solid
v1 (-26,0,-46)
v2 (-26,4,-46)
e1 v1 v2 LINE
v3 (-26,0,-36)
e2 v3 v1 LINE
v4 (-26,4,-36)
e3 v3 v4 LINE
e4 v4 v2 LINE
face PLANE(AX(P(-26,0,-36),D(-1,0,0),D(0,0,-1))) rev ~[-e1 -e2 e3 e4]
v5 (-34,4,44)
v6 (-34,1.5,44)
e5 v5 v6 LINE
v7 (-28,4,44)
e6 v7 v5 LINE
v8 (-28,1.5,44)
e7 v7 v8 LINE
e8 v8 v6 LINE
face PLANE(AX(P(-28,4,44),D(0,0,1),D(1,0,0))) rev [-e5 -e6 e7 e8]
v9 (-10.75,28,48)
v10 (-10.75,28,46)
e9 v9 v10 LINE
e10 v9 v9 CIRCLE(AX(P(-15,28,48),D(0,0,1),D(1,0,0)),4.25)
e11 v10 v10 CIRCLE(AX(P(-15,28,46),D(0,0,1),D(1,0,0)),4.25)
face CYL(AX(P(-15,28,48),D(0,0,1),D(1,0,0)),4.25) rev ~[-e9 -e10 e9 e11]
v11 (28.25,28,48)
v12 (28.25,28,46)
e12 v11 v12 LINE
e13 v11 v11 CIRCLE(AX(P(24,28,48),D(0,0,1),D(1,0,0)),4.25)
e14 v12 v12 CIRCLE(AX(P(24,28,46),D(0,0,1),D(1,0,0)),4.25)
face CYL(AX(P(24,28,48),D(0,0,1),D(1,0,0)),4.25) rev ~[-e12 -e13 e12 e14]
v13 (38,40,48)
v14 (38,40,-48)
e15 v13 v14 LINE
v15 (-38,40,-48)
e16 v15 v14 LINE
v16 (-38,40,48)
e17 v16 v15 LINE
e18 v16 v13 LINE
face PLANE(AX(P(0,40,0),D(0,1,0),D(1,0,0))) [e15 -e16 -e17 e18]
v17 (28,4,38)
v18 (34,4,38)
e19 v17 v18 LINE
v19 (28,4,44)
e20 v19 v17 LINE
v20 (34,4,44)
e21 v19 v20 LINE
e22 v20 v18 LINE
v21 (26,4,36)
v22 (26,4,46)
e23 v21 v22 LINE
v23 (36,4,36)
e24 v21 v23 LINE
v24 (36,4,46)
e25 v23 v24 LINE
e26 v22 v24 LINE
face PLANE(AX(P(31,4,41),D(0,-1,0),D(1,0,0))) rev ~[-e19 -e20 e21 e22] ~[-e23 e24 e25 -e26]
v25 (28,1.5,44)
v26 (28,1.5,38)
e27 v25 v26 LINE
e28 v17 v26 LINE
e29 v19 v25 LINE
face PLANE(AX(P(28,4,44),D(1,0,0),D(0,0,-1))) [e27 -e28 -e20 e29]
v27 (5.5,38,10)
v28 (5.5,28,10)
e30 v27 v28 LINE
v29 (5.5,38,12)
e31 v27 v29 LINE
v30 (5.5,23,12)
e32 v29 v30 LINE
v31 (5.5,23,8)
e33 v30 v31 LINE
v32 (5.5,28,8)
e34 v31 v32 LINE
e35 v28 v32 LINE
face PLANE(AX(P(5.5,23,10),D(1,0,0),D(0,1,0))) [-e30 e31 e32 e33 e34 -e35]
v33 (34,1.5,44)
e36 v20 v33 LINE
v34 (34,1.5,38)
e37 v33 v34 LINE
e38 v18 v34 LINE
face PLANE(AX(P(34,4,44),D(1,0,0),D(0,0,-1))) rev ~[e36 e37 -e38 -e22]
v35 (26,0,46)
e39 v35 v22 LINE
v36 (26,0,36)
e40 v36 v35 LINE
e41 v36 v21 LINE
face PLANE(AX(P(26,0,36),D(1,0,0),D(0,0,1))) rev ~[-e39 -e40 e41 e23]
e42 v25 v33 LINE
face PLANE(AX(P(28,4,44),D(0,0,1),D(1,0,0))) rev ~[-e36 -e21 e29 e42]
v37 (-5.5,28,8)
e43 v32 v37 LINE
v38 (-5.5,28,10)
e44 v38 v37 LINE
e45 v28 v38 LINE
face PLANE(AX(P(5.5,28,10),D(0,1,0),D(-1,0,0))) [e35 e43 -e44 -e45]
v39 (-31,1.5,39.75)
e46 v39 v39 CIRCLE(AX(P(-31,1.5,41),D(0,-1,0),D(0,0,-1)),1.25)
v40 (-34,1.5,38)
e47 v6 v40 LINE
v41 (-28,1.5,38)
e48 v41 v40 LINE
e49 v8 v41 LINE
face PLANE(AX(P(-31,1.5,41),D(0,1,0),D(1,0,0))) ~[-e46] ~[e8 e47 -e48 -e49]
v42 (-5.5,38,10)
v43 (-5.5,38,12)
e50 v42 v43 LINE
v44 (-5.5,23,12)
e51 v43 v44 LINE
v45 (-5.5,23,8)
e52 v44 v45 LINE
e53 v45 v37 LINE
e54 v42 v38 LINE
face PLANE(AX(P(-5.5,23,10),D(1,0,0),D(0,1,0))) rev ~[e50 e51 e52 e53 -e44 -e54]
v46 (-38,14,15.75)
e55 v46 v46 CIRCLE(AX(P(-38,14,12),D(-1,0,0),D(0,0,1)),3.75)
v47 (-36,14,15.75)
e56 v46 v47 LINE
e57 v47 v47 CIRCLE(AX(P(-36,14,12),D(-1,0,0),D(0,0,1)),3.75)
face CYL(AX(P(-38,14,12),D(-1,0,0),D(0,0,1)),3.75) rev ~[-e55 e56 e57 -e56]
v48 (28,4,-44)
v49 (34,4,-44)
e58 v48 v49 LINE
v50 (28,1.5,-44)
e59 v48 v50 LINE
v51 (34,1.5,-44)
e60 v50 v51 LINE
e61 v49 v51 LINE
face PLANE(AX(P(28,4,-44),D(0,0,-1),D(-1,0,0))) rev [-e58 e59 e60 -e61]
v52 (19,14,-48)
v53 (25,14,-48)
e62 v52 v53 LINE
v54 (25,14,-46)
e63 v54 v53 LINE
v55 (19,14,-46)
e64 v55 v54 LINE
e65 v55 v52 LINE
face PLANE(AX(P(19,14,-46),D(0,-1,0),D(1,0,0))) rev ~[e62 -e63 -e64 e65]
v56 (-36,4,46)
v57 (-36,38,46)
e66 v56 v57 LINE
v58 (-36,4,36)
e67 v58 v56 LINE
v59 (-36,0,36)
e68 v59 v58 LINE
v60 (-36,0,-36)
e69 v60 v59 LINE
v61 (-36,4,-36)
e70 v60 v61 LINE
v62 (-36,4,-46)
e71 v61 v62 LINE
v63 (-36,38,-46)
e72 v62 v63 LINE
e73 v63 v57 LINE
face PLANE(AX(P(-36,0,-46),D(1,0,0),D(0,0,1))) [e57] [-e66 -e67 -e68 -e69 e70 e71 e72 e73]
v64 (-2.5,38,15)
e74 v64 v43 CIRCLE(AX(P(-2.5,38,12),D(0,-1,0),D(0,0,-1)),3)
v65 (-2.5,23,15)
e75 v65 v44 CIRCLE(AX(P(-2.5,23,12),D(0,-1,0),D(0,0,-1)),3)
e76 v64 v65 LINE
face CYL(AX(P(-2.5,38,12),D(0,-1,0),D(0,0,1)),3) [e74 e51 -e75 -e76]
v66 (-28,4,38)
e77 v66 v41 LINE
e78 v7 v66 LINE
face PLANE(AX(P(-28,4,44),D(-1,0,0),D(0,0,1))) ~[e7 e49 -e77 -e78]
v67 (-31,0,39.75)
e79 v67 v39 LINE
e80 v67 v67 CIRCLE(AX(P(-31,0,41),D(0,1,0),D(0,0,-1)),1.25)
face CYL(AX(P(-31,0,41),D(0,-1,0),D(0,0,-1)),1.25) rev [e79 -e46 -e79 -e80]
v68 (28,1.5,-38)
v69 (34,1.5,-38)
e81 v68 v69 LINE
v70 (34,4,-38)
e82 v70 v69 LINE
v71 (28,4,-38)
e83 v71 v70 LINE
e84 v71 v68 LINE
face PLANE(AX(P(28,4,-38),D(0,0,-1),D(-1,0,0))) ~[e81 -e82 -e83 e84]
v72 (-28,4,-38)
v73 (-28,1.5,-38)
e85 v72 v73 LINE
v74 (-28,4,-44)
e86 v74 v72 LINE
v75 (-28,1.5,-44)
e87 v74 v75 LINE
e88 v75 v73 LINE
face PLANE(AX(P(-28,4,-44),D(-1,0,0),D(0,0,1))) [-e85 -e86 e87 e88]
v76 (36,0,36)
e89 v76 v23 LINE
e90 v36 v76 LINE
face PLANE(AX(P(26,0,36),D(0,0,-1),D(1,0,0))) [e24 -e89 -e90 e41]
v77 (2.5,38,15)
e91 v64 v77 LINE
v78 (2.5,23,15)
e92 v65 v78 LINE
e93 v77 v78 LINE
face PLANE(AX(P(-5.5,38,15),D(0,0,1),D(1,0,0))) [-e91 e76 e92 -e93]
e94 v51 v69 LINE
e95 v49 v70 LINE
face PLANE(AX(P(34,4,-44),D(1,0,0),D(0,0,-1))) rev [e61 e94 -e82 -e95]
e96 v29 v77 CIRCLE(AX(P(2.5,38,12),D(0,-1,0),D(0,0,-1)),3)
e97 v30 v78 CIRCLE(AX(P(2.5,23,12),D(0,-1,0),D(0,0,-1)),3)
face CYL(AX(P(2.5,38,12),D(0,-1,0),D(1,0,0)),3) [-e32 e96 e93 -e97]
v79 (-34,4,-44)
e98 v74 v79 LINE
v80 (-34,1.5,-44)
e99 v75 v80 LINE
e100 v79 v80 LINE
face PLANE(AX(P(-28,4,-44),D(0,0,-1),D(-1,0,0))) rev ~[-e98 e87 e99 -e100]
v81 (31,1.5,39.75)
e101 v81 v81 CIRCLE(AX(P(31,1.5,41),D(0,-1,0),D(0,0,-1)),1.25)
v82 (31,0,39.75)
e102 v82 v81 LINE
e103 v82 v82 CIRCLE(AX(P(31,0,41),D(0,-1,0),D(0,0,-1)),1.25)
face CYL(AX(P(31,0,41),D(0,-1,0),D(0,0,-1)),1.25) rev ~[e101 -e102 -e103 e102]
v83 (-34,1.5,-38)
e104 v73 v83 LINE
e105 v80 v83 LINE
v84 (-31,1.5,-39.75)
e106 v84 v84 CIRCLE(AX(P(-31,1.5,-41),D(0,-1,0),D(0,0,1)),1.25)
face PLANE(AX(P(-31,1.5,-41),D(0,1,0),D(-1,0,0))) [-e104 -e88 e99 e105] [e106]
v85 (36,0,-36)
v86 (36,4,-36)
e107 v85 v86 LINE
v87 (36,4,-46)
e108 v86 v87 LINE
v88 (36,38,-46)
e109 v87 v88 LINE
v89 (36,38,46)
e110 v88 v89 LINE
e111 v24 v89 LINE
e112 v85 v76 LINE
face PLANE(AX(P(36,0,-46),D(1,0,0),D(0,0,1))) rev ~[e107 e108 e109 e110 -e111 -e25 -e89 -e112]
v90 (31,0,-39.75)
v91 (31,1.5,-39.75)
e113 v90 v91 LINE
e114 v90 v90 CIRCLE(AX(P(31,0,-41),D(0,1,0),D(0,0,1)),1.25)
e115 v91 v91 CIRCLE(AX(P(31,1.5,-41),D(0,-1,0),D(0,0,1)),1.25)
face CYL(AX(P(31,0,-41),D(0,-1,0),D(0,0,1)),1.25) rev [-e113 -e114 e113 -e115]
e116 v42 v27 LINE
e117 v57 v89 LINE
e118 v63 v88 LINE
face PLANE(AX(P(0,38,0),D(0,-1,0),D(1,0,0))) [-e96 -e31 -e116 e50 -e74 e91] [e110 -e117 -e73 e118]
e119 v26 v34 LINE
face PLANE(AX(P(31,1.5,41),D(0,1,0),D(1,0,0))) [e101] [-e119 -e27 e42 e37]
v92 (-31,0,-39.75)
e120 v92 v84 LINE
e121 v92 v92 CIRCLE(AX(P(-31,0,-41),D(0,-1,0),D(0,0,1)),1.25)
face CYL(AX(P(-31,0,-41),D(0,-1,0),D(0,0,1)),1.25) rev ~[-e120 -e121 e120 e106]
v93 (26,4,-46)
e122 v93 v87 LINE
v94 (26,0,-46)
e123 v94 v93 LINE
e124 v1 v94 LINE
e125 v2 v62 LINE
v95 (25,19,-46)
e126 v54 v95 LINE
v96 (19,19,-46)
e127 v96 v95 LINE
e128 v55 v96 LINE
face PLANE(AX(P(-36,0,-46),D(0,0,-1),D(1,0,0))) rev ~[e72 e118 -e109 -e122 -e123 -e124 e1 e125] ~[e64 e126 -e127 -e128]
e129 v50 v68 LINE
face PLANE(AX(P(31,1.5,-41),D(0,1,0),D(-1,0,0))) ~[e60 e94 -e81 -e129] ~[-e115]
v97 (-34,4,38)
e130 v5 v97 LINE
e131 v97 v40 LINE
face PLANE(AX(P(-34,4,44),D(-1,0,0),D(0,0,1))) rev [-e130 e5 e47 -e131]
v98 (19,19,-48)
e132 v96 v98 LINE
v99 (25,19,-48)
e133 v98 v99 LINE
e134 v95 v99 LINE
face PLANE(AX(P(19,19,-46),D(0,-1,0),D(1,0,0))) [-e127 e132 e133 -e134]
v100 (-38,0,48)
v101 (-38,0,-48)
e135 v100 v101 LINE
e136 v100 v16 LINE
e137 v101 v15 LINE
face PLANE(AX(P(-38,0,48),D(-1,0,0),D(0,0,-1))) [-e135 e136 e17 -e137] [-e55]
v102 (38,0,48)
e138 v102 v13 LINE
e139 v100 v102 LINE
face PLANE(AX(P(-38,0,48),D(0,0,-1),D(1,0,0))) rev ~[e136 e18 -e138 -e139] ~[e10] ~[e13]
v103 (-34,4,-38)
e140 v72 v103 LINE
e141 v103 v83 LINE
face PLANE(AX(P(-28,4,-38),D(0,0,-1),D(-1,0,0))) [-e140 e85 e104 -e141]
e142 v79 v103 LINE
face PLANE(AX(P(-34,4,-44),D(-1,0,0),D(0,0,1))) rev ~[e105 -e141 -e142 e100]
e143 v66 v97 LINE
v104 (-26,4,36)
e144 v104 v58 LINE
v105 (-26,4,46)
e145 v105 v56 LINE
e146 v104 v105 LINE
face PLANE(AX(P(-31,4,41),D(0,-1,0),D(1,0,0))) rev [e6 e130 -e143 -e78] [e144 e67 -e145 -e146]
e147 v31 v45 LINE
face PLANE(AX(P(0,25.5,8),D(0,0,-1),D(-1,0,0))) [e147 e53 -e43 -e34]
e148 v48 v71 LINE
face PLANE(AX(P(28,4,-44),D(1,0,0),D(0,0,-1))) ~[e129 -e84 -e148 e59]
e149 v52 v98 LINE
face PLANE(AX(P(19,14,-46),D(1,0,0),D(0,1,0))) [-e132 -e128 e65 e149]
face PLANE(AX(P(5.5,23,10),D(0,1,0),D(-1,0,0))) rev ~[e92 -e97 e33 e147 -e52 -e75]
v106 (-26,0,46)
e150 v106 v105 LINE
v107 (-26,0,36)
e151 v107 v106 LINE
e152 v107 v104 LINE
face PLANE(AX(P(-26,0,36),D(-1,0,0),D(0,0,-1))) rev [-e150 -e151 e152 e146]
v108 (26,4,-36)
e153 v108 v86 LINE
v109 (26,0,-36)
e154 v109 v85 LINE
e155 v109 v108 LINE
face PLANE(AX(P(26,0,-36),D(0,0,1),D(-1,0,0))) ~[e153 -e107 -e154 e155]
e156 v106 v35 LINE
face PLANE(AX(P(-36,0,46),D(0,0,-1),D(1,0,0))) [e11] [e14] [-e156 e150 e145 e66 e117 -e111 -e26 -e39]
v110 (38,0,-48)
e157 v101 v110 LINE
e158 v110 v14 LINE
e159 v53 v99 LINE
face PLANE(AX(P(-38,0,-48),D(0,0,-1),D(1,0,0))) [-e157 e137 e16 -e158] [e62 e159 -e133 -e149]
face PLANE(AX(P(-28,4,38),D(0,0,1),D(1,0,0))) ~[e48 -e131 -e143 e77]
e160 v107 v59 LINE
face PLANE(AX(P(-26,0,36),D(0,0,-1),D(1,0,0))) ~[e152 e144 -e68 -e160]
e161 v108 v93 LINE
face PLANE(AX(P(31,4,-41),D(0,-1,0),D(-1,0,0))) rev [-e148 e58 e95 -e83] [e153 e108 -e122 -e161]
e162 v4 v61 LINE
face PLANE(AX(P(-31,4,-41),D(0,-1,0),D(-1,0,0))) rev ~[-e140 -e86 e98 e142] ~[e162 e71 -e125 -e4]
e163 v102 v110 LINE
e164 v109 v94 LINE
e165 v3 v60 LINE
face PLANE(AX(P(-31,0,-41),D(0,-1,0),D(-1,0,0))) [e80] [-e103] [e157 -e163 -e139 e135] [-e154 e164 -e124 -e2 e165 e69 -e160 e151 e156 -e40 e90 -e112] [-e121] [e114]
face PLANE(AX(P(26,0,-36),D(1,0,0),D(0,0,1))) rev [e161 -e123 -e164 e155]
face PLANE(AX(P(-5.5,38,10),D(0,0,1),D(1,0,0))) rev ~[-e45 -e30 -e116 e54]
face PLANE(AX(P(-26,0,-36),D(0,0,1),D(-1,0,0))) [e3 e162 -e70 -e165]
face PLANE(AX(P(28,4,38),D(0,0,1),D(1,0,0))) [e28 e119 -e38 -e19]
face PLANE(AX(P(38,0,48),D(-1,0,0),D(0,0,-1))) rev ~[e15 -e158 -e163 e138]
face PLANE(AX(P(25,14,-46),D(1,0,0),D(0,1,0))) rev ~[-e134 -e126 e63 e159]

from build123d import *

# Parameters (mm, degrees)
SKETCH1_W               = 76
SKETCH1_H               = 96
BOSS_EXTRUDE1_DEPTH     = 40
SKETCH2_W               = 72
SKETCH2_H               = 92
CUT_EXTRUDE3_DEPTH      = 38
CUT_EXTRUDE4_REACH      = 112.725
SKETCH7_R               = 4.25
SKETCH10_W              = 11
SKETCH10_H              = 5
BOSS_EXTRUDE2_DEPTH     = 15
FILLET2_R               = 3
CUT_EXTRUDE5_REACH      = 110.995
SKETCH11_W              = 6
SKETCH11_H              = 5
SKETCH12_W              = 11
SKETCH12_H              = 5
BOSS_EXTRUDE3_DEPTH     = 2
CUT_EXTRUDE6_REACH      = 100.387
SKETCH13_R              = 3.75
SKETCH15_W              = 10
SKETCH15_H              = 10
SKETCH15_R              = 1.25
BOSS_EXTRUDE4_DEPTH     = 4
MIRROR2_COPY_1_SKETCH_W = 10
MIRROR2_COPY_1_SKETCH_H = 10
MIRROR2_COPY_1_SKETCH_R = 1.25
MIRROR2_COPY_1_DEPTH    = 4
SKETCH17_W              = 6
SKETCH17_H              = 6
CUT_EXTRUDE7_DEPTH      = 2.5
MIRROR4_COPY_1_SKETCH_W = 6
MIRROR4_COPY_1_SKETCH_H = 6
MIRROR4_COPY_1_DEPTH    = 2.5


with BuildPart() as part:
    # Sketch1 → Boss-Extrude1 (new body)
    with BuildSketch(Plane(origin=(0, 0, 0), x_dir=(1, 0, 0), z_dir=(0, 1, 0))):
        Rectangle(SKETCH1_W, SKETCH1_H)
    extrude(amount=BOSS_EXTRUDE1_DEPTH)

    # Sketch2 → Cut-Extrude3 (cut)
    with BuildSketch(Plane.XZ):
        Rectangle(SKETCH2_W, SKETCH2_H)
    extrude(amount=-CUT_EXTRUDE3_DEPTH, mode=Mode.SUBTRACT)

    # Sketch7 → Cut-Extrude4 (cut, up to next)
    with BuildSketch(Plane.XY.offset(48), mode=Mode.PRIVATE) as cut_extrude4_sk1:
        with Locations((-15, 28)):
            Circle(SKETCH7_R)
    cut_extrude4_tool1 = extrude(cut_extrude4_sk1.sketch, amount=-CUT_EXTRUDE4_REACH, mode=Mode.PRIVATE) & part.part
    # Sketch7 → Cut-Extrude4 (cut, up to next)
    with BuildSketch(Plane.XY.offset(48), mode=Mode.PRIVATE) as cut_extrude4_sk2:
        with Locations((24, 28)):
            Circle(SKETCH7_R)
    cut_extrude4_tool2 = extrude(cut_extrude4_sk2.sketch, amount=-CUT_EXTRUDE4_REACH, mode=Mode.PRIVATE) & part.part
    add(cut_extrude4_tool1.solids().sort_by_distance((-15, 28, 48))[0], mode=Mode.SUBTRACT)
    add(cut_extrude4_tool2.solids().sort_by_distance((24, 28, 48))[0], mode=Mode.SUBTRACT)

    # Sketch10 → Boss-Extrude2 (add)
    with BuildSketch(Plane.XZ.offset(-38)):
        with Locations((0, 12.5)):
            Rectangle(SKETCH10_W, SKETCH10_H)
    extrude(amount=BOSS_EXTRUDE2_DEPTH)

    # Fillet2
    fillet2_edges = [part.edges().sort_by_distance(p)[0] for p in [
        (5.5, 30.5, 15),
        (-5.5, 30.5, 15),
    ]]
    fillet(fillet2_edges, radius=FILLET2_R)

    # Sketch11 → Cut-Extrude5 (cut, up to next)
    with BuildSketch(Plane.XY.offset(-46), mode=Mode.PRIVATE) as cut_extrude5_sk1:
        with Locations((22, 16.5)):
            Rectangle(SKETCH11_W, SKETCH11_H)
    cut_extrude5_tool1 = extrude(cut_extrude5_sk1.sketch, amount=-CUT_EXTRUDE5_REACH, mode=Mode.PRIVATE) & part.part
    add(cut_extrude5_tool1.solids().sort_by_distance((22, 16.5, -46))[0], mode=Mode.SUBTRACT)

    # Sketch12 → Boss-Extrude3 (add)
    with BuildSketch(Plane(origin=(0, 0, 10), x_dir=(-1, 0, 0), z_dir=(0, 0, -1))):
        with Locations((0, 25.5)):
            Rectangle(SKETCH12_W, SKETCH12_H)
    extrude(amount=BOSS_EXTRUDE3_DEPTH)

    # Sketch13 → Cut-Extrude6 (cut, up to next)
    with BuildSketch(Plane.ZY.offset(38), mode=Mode.PRIVATE) as cut_extrude6_sk1:
        with Locations((12, 14)):
            Circle(SKETCH13_R)
    cut_extrude6_tool1 = extrude(cut_extrude6_sk1.sketch, amount=-CUT_EXTRUDE6_REACH, mode=Mode.PRIVATE) & part.part
    add(cut_extrude6_tool1.solids().sort_by_distance((-38, 14, 12))[0], mode=Mode.SUBTRACT)

    # Sketch15 → Boss-Extrude4 (add)
    with BuildSketch(Plane.XZ):
        with Locations((31, 41)):
            Rectangle(SKETCH15_W, SKETCH15_H)
        with Locations(Location((31, 41, 0), (0, 0, 270))):
            Circle(SKETCH15_R, mode=Mode.SUBTRACT)
    boss_extrude4 = extrude(amount=-BOSS_EXTRUDE4_DEPTH)

    # Mirror1: Boss-Extrude4 across plane
    add(boss_extrude4.mirror(Plane(origin=(0, 0, 0), x_dir=(0, 0, 1), z_dir=(1, 0, 0))))

    # Mirror2: Boss-Extrude4 across plane
    add(boss_extrude4.mirror(Plane.XY))

    # Mirror2 copy 1 sketch → Mirror2 copy 1 (add)
    with BuildSketch(Plane(origin=(0, 0, 0), x_dir=(-1, 0, 0), z_dir=(0, -1, 0))):
        with Locations((31, 41)):
            Rectangle(MIRROR2_COPY_1_SKETCH_W, MIRROR2_COPY_1_SKETCH_H)
        with Locations(Location((31, 41, 0), (0, 0, 270))):
            Circle(MIRROR2_COPY_1_SKETCH_R, mode=Mode.SUBTRACT)
    extrude(amount=-MIRROR2_COPY_1_DEPTH)

    # Sketch17 → Cut-Extrude7 (cut)
    with BuildSketch(Plane(origin=(0, 4, 0), x_dir=(1, 0, 0), z_dir=(0, 1, 0))):
        with Locations((31, -41)):
            Rectangle(SKETCH17_W, SKETCH17_H)
    cut_extrude7 = extrude(amount=-CUT_EXTRUDE7_DEPTH, mode=Mode.SUBTRACT)

    # Mirror3: Cut-Extrude7 across plane
    add(cut_extrude7.mirror(Plane(origin=(0, 0, 0), x_dir=(0, 0, 1), z_dir=(1, 0, 0))), mode=Mode.SUBTRACT)

    # Mirror4: Cut-Extrude7 across plane
    add(cut_extrude7.mirror(Plane.XY), mode=Mode.SUBTRACT)

    # Mirror4 copy 1 sketch → Mirror4 copy 1 (cut)
    with BuildSketch(Plane(origin=(0, 4, 0), x_dir=(-1, 0, 0), z_dir=(0, 1, 0))):
        with Locations((31, -41)):
            Rectangle(MIRROR4_COPY_1_SKETCH_W, MIRROR4_COPY_1_SKETCH_H)
    extrude(amount=-MIRROR4_COPY_1_DEPTH, mode=Mode.SUBTRACT)


solid = part.part
